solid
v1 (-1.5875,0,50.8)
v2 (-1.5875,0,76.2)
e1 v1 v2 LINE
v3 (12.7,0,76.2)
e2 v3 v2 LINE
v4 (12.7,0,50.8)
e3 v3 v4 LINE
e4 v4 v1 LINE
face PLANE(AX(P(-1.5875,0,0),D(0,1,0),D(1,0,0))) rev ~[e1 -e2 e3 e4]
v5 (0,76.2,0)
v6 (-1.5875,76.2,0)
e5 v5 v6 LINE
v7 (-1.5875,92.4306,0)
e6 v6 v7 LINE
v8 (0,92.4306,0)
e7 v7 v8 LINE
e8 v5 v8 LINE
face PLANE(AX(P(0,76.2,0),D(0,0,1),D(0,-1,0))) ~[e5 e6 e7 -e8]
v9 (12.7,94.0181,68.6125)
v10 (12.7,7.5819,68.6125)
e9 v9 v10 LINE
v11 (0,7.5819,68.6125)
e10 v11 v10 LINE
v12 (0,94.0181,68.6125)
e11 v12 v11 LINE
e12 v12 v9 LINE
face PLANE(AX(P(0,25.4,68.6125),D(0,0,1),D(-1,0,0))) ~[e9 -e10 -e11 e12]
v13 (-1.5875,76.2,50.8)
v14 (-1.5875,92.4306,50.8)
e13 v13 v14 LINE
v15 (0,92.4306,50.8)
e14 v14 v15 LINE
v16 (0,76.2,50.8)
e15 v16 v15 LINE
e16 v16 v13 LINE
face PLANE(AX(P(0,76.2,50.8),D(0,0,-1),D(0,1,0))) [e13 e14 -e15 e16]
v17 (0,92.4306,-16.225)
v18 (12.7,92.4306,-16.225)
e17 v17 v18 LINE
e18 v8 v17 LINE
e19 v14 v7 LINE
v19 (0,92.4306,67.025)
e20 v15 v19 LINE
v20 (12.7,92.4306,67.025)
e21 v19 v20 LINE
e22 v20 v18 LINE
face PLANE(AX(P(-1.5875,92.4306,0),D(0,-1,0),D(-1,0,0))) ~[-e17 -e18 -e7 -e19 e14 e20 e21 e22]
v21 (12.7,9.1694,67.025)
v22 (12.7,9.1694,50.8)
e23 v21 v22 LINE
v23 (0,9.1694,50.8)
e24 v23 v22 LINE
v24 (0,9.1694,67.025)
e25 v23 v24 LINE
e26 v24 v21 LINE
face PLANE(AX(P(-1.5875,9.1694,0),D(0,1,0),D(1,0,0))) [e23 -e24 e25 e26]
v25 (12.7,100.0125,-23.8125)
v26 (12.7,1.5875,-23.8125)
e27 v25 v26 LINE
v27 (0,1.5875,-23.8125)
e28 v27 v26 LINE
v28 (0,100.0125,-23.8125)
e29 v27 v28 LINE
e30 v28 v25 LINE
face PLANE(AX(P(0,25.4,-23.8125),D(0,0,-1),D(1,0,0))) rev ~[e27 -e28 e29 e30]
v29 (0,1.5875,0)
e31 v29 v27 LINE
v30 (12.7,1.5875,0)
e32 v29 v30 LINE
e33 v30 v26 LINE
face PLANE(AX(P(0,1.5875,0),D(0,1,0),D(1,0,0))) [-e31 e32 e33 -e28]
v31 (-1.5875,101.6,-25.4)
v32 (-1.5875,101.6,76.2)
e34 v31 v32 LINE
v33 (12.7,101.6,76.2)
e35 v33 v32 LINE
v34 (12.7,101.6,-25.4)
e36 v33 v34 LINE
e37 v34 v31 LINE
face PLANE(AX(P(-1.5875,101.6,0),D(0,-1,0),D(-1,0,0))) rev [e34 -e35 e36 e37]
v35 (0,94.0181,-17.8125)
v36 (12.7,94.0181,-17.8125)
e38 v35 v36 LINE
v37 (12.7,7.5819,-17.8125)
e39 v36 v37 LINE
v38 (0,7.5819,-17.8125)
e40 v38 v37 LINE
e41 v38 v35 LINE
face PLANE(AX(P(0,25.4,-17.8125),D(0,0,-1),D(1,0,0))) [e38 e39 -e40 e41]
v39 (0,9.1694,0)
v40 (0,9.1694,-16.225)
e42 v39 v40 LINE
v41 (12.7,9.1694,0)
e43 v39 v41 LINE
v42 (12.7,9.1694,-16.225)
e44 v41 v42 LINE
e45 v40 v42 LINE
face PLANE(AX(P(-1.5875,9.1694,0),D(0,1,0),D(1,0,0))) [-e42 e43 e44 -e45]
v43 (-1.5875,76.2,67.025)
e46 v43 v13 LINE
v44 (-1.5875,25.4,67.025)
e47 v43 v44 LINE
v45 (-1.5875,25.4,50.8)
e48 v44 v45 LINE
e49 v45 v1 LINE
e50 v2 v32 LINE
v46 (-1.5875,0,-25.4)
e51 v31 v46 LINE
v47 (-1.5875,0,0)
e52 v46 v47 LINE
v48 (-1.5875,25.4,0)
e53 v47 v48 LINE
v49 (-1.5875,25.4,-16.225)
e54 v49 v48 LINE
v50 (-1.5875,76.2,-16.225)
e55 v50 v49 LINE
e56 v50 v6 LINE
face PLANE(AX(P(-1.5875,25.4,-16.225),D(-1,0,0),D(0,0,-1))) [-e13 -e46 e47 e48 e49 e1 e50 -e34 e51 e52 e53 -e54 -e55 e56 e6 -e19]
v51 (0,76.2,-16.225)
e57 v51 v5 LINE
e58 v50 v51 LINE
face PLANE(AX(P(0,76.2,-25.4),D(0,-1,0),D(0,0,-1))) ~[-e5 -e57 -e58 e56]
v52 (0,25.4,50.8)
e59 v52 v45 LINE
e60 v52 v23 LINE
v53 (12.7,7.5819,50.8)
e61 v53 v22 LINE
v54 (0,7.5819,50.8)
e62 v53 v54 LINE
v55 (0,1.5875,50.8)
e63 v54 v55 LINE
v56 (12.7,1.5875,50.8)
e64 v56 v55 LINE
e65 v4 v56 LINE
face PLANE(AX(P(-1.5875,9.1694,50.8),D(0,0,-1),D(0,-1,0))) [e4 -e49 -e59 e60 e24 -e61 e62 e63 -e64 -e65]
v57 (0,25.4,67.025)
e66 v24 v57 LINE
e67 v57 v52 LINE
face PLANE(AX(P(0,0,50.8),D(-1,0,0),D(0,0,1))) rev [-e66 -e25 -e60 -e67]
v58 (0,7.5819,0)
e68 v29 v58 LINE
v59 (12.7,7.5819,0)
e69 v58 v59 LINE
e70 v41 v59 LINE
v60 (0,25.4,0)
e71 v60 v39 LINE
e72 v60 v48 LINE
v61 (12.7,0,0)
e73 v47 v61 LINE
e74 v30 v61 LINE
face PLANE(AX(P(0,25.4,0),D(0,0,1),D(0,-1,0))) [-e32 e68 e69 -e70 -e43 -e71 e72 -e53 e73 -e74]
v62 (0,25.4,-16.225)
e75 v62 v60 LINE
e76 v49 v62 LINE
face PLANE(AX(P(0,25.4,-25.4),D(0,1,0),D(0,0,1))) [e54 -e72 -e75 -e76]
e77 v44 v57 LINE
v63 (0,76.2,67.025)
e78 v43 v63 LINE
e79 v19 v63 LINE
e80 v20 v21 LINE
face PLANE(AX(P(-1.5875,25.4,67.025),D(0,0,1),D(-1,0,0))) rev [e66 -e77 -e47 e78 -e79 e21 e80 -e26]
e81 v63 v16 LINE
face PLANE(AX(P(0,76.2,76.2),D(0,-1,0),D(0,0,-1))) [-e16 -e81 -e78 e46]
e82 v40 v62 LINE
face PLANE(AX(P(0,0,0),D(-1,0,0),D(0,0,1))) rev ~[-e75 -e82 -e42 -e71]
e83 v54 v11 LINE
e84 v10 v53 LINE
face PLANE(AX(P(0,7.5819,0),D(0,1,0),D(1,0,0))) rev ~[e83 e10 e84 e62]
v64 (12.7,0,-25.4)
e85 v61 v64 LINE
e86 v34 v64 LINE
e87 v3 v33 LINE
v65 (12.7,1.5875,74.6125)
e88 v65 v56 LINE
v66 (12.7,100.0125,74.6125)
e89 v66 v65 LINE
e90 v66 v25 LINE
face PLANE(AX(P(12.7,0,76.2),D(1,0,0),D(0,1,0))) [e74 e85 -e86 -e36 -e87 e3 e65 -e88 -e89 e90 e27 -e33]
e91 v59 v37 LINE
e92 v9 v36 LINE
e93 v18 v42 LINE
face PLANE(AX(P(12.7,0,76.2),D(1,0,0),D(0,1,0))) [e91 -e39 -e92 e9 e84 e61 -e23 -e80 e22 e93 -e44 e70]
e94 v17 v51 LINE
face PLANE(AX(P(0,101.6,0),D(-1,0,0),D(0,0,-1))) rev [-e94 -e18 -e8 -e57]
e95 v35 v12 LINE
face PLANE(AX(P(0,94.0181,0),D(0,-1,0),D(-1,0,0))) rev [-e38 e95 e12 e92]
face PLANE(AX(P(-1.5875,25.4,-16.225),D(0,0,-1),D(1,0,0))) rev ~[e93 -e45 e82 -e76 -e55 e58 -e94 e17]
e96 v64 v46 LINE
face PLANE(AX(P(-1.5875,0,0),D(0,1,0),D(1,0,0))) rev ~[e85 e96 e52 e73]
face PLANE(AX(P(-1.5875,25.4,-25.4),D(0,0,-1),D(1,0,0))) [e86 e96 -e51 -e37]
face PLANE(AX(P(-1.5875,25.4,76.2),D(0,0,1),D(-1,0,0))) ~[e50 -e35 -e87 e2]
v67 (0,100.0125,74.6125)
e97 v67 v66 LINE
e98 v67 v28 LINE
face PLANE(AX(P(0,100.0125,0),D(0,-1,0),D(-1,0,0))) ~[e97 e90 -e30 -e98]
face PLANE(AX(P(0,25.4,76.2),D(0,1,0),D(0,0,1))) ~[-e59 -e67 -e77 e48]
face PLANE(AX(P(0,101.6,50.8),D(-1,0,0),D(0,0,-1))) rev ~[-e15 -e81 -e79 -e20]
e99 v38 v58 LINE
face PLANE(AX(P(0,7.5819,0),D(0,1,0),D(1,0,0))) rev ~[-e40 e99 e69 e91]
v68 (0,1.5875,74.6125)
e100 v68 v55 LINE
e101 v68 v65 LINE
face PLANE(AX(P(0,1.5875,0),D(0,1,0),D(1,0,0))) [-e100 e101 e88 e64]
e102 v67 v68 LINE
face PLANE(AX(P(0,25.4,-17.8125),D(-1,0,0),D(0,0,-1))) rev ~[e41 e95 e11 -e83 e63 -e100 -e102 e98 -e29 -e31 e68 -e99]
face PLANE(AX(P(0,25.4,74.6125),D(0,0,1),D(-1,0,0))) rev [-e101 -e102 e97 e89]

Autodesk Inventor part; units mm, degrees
ref_plane "YZ Plane" through (0, 0, 0) normal (1, 0, 0) x (0, 1, 0)
ref_plane "XZ Plane" through (0, 0, 0) normal (0, 1, 0) x (-1, 0, 0)
ref_plane "XY Plane" through (0, 0, 0) normal (0, 0, 1) x (1, 0, 0)
sketch "Sketch3" plane through (0, 0, 0) normal (1, 0, 0) x (0, 1, 0)
  line L0 (0, 0) -> (25.4, 0)
  line L1 (25.4, 0) -> (25.4, -25.4)
  line L2 (25.4, -25.4) -> (0, -25.4)
  line L3 (0, -25.4) -> (0, 0)
  line L4 (25.4, -23.8125) -> (1.5875, -23.8125)
  line L5 (1.5875, -23.8125) -> (1.5875, 0)
  line L6 (7.5819, -17.8125) -> (25.4, -17.8125)
  line L7 (7.5819, 0) -> (7.5819, -17.8125)
  line L8 (9.1694, 1) -> (9.1694, -16.225)
  line L9 (9.1694, -16.225) -> (25.4, -16.225)
  point P0 (25.4, -16.225)
  point P1 (9.1694, 0)
  dimension "d15" = 25.4
  dimension "d16" = 25.4
  dimension "d17" = 1.5875
  dimension "d18" = 6
  dimension "d19" = 1.5875
  dimension "d24" = 5.9944
extrude "Extrusion3" add sketch "Sketch3" along normal blind 25.4 contours L0 L5 L4 L1 L2 L3 | L0 L8 L9 L1 L6 L7
sketch "Sketch4" plane through (0, 0, 0) normal (-1, 0, 0) x (0, 0, 1)
  line L0 (-25.4, 0) -> (-25.4, 25.4) projected
  line L1 (-25.4, 25.4) -> (0, 25.4)
  line L2 (0, 25.4) -> (0, 0)
  line L3 (0, 0) -> (-25.4, 0)
  line L4 (-25.4, 0) -> (-25.4, 25.4)
extrude "Extrusion4" add sketch "Sketch4" along normal blind 1.5875
sketch "Sketch5" plane through (25.4, 7.5819, 0) normal (0, 0, 1) x (1, 0, 0)
  line L0 (-25.4, 0) -> (0, 0) projected
  line L1 (0, 1.5875) -> (0, 0) projected
  line L2 (-25.4, 1.5875) -> (0, 1.5875) projected
  line L3 (-25.4, 1.5875) -> (-25.4, 17.8181) projected
  line L4 (-25.4, 17.8181) -> (-26.9875, 17.8181) projected
  line L5 (-26.9875, -7.5819) -> (-26.9875, 17.8181) projected
  line L6 (-26.9875, -7.5819) -> (0, -7.5819) projected
  line L7 (0, -5.9944) -> (0, -7.5819) projected
  line L8 (-25.4, -5.9944) -> (0, -5.9944) projected
  line L9 (-25.4, -5.9944) -> (-25.4, 0) projected
  line L10 (-26.9875, 1.5875) -> (-25.4, 1.5875)
  point P0 (-25.4, -7.5819)
extrude "Extrusion5" add sketch "Sketch5" along normal blind 25.4 contours L9 L8 L7 L6 L5 L10 L2 L1 L0
sketch "Sketch6" plane through (25.4, 25.4, -16.225) normal (0, 1, 0) x (1, 0, 0)
  line L0 (-25.4, 0) -> (0, 0) projected
  line L1 (0, 1.5875) -> (0, 0) projected
  line L2 (-25.4, 1.5875) -> (0, 1.5875) projected
  line L3 (-25.4, 1.5875) -> (-25.4, 7.5875) projected
  line L4 (-25.4, 7.5875) -> (0, 7.5875) projected
  line L5 (0, 9.175) -> (0, 7.5875) projected
  line L6 (-26.9875, 9.175) -> (0, 9.175) projected
  line L7 (-26.9875, -16.225) -> (-26.9875, 9.175) projected
  line L8 (-25.4, -16.225) -> (-26.9875, -16.225) projected
  line L9 (-25.4, -16.225) -> (-25.4, 0) projected
  line L10 (-26.9875, 0) -> (-25.4, 0)
  point P0 (-25.4, -16.225)
extrude "Extrusion6" add sketch "Sketch6" along normal blind 25.4 contours L10 L7 L6 L5 L4 L3 L2 L1 L0
mirror "Mirror1" about plane through (11.9062, 4.5847, 25.4) normal (0, 0, 1)
mirror "Mirror2" about plane through (11.9062, 50.8, -20.8125) normal (0, 1, 0)
sketch "Sketch7" plane through (-1.5875, 0, 76.2) normal (0, 0, 1) x (1, 0, 0)
  line L0 (26.9875, 0) -> (0, 0) projected
  line L1 (26.9875, 0) -> (14.2875, 0)
  line L2 (14.2875, 0) -> (14.2875, 107.076)
  line L3 (14.2875, 107.076) -> (26.9875, 107.076)
  line L4 (26.9875, 107.076) -> (26.9875, 0)
  point P0 (1.5875, 0)
  dimension "d29" = 12.7
extrude "Extrusion7" cut sketch "Sketch7" against normal blind 161.925
sketch "Sketch8" plane through (-1.5875, 0, 0) normal (-1, 0, 0) x (0, 0, 1)
  line L0 (0, 9.1694) -> (50.8, 9.1694) projected
  line L1 (0, 9.1694) -> (50.8, 9.1694)
  line L2 (50.8, 9.1694) -> (50.8, -7.9488)
  line L3 (50.8, -7.9488) -> (0, -7.9488)
  line L4 (0, -7.9488) -> (0, 9.1694)
  point P0 (0, 0)
extrude "Extrusion8" cut sketch "Sketch8" against normal blind 161.925
properties part number "end cap"
